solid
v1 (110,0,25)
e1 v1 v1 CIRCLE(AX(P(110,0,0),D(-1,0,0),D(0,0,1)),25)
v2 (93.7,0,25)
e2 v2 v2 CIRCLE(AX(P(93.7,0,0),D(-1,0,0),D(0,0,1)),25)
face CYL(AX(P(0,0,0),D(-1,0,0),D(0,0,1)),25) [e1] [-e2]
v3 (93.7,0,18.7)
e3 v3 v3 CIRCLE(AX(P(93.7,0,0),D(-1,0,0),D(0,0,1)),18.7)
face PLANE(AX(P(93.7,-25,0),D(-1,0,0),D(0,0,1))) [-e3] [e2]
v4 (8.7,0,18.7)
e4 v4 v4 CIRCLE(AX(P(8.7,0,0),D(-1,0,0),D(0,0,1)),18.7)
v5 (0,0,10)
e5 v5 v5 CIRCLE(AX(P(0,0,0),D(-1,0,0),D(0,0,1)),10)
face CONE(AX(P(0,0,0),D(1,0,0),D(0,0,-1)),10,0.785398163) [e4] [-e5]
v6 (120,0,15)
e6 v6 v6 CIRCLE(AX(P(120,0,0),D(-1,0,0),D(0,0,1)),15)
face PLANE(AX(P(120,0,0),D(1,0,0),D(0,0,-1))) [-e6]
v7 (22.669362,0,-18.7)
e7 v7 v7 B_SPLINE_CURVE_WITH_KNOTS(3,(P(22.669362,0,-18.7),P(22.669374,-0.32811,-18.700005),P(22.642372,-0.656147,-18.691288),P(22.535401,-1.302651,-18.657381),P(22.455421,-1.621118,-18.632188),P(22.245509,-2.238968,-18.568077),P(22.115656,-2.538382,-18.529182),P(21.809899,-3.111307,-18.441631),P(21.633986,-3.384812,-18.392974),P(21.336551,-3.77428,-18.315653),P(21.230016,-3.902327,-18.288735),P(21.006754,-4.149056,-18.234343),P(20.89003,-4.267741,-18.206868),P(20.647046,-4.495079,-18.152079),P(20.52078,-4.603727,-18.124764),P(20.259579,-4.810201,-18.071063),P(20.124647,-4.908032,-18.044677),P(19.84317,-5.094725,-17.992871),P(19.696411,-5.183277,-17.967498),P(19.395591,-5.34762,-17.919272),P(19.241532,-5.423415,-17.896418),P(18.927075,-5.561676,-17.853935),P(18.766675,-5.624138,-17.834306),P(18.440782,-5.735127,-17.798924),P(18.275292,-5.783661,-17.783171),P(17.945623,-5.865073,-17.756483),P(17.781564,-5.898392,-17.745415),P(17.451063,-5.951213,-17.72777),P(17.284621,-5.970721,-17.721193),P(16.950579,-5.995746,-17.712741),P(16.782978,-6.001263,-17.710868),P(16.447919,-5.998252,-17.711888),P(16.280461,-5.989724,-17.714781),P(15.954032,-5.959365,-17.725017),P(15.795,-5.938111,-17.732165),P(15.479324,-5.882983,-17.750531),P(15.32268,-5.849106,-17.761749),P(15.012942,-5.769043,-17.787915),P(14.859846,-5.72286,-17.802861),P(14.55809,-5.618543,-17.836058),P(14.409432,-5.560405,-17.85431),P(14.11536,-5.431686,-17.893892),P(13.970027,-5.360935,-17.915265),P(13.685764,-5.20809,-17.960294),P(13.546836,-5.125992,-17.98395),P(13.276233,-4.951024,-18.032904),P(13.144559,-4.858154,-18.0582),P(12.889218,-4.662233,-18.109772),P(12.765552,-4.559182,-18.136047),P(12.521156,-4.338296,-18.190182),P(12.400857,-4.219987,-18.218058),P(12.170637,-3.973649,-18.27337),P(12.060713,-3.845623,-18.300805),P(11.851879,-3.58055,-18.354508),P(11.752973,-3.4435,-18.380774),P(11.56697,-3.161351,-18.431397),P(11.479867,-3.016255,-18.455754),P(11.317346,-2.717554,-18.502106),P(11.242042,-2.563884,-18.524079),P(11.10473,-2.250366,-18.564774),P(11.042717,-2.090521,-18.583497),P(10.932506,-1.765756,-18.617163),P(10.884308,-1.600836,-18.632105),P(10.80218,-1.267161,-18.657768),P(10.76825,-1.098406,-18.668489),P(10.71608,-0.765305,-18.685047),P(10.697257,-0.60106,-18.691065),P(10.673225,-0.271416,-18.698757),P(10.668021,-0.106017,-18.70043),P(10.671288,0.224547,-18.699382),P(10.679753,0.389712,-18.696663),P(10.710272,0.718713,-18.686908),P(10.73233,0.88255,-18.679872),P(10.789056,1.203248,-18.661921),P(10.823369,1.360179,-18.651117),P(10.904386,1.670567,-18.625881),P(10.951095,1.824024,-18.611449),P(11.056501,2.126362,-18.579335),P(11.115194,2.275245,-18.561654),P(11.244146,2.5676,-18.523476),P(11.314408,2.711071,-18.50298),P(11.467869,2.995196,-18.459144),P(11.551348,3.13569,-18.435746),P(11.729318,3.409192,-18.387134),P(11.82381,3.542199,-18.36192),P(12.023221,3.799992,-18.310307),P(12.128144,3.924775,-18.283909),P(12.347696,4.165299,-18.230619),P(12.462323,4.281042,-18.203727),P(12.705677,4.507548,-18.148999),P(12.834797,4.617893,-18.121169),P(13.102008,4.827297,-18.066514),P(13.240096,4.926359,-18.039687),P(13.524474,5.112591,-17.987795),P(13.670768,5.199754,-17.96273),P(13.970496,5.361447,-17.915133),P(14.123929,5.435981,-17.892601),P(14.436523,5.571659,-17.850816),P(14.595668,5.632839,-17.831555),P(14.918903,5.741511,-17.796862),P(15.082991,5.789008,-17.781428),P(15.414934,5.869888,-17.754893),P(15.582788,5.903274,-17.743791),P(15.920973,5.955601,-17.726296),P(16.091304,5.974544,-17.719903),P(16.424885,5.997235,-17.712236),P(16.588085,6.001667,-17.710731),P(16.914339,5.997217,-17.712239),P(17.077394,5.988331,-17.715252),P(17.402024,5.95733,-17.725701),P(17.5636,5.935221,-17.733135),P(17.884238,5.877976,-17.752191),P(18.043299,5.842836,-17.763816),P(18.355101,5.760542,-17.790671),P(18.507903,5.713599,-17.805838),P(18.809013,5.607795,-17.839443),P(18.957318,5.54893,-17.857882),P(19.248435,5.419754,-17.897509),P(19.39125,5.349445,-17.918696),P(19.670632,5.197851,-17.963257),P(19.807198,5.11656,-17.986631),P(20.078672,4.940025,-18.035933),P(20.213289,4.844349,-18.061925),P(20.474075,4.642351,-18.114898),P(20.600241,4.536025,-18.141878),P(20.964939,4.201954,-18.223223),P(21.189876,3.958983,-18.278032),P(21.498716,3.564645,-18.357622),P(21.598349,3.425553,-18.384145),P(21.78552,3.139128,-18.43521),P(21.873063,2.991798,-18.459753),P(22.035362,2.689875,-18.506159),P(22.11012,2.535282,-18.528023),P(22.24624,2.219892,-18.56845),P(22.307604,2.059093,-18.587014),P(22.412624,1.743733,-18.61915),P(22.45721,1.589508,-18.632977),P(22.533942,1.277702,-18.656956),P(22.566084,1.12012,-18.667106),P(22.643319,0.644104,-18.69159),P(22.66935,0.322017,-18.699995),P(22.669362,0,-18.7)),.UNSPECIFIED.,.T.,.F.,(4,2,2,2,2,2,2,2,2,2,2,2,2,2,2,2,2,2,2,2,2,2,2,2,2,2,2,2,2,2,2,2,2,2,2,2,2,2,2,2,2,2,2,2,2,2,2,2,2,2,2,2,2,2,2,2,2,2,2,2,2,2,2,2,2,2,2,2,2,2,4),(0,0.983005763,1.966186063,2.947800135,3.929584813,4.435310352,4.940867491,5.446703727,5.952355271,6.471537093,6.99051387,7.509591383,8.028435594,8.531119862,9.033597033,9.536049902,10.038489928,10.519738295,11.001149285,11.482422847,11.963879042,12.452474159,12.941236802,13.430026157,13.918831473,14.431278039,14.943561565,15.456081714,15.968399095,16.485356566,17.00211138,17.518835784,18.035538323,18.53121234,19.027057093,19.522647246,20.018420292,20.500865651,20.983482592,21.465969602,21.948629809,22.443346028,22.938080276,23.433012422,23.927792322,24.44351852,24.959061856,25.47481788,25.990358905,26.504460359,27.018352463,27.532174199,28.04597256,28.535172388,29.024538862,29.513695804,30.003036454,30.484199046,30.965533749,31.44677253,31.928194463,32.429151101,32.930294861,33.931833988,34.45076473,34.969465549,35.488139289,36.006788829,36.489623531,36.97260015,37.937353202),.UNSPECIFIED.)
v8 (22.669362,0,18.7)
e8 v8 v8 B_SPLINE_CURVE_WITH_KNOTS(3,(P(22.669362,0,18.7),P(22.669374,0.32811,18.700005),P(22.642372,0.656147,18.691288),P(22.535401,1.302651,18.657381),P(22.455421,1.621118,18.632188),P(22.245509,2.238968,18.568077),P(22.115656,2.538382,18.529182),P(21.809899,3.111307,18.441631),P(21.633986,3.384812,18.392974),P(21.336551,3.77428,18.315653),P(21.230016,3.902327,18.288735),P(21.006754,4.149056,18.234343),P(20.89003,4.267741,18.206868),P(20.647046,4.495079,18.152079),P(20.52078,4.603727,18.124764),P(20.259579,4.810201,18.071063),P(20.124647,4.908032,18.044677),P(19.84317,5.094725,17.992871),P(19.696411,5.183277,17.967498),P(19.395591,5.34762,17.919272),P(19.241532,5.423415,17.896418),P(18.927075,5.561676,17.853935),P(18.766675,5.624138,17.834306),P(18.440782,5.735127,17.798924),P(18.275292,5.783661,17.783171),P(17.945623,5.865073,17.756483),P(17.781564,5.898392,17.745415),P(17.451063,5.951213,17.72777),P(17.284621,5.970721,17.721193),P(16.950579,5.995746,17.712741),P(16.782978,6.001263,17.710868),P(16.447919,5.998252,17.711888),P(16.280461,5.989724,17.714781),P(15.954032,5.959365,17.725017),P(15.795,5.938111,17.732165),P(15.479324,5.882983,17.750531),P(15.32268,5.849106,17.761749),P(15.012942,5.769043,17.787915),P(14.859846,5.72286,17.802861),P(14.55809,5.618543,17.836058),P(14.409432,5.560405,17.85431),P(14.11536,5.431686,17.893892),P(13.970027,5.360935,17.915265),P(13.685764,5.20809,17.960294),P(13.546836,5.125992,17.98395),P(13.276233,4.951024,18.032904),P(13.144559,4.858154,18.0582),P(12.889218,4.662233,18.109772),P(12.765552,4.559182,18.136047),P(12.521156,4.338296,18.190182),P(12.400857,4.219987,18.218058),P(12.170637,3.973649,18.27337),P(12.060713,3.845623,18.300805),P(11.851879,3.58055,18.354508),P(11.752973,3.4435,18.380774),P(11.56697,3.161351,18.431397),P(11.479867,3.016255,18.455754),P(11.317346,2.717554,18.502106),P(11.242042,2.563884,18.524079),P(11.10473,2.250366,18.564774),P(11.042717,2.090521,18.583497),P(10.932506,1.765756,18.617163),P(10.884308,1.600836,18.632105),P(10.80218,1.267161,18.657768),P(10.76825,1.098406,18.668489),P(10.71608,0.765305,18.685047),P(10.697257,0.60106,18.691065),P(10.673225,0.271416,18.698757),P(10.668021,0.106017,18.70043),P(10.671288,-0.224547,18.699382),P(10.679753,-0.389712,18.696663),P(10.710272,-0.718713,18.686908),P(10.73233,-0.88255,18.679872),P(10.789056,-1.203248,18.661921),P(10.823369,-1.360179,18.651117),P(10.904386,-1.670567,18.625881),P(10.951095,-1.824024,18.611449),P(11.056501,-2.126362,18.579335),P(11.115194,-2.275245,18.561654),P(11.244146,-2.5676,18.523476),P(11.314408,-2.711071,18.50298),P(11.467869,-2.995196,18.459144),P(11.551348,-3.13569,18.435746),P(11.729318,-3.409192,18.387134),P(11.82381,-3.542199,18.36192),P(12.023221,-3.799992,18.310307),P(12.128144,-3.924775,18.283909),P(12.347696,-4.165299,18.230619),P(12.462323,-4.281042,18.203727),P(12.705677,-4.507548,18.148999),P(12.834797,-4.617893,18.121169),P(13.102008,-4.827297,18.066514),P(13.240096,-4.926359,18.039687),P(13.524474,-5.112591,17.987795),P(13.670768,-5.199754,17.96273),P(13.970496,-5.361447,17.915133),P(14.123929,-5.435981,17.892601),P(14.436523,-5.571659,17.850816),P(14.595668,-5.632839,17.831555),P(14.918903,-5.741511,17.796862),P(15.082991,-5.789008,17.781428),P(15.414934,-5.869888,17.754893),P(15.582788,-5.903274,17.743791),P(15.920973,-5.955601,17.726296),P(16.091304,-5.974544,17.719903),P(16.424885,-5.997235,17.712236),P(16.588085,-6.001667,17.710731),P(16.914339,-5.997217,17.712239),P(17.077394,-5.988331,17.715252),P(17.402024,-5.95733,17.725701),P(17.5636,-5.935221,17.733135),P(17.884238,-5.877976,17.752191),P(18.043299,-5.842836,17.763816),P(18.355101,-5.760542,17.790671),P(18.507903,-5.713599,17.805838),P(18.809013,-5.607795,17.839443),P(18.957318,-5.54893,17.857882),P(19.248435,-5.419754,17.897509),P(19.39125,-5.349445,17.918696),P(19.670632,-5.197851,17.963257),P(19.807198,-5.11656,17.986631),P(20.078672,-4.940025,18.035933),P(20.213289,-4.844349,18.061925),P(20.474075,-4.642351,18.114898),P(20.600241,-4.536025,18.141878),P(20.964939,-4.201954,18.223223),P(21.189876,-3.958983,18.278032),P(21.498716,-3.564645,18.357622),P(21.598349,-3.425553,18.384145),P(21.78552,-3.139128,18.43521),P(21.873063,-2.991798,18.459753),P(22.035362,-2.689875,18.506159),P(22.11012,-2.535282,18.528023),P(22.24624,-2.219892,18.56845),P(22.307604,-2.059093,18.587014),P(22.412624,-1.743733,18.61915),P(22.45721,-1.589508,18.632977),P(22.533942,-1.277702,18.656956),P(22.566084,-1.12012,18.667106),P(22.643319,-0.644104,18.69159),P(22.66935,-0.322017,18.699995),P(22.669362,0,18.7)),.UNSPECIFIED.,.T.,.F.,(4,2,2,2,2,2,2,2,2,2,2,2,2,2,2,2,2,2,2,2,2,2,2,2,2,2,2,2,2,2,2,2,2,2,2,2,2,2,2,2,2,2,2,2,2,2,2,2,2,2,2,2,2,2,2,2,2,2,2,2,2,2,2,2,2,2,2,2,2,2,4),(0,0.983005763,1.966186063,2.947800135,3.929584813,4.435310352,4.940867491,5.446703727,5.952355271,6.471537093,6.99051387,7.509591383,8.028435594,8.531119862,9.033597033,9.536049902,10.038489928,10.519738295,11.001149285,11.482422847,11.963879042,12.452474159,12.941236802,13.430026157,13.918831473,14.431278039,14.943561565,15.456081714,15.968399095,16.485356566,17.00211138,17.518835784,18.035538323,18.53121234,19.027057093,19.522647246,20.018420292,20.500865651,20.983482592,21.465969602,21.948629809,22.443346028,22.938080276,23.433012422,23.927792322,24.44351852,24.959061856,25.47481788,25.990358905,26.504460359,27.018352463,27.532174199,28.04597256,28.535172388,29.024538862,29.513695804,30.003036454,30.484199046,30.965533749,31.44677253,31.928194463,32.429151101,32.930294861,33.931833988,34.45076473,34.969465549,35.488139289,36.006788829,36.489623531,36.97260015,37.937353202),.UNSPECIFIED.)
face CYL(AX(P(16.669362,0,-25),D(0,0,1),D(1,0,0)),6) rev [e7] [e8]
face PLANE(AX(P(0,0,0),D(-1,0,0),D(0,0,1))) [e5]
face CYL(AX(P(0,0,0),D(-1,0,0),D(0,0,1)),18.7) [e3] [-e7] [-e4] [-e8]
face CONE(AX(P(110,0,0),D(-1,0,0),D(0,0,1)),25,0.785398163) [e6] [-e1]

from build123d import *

# Parameters (mm, degrees)
CUT_EXTRUDE1_DEPTH      = 126.099960032
CUT_EXTRUDE1_DEPTH_BACK = 126.099960032
SKETCH3_R               = 6


with BuildPart() as part:
    # Sketch2 → Revolve1 (revolve)
    with BuildSketch(Plane.XY, mode=Mode.PRIVATE) as revolve1_sk:
        Polygon((0, 0), (120, 0), (120, -15), (110, -25), (93.7, -25), (93.7, -18.7), (8.7, -18.7), (0, -10), align=None)
    revolve(revolve1_sk.sketch.rotate(Axis((0, 0, 0), (1, 0, 0)), 270), axis=Axis((0, 0, 0), (1, 0, 0)))

    # Sketch3 → Cut-Extrude1 (cut, two sides: drawn at the far end of the back side and taken through both)
    with BuildSketch(Plane.XY.offset(-CUT_EXTRUDE1_DEPTH_BACK)):
        with Locations((16.669361572, 0)):
            Circle(SKETCH3_R)
    extrude(amount=CUT_EXTRUDE1_DEPTH + CUT_EXTRUDE1_DEPTH_BACK, mode=Mode.SUBTRACT)


solid = part.part
